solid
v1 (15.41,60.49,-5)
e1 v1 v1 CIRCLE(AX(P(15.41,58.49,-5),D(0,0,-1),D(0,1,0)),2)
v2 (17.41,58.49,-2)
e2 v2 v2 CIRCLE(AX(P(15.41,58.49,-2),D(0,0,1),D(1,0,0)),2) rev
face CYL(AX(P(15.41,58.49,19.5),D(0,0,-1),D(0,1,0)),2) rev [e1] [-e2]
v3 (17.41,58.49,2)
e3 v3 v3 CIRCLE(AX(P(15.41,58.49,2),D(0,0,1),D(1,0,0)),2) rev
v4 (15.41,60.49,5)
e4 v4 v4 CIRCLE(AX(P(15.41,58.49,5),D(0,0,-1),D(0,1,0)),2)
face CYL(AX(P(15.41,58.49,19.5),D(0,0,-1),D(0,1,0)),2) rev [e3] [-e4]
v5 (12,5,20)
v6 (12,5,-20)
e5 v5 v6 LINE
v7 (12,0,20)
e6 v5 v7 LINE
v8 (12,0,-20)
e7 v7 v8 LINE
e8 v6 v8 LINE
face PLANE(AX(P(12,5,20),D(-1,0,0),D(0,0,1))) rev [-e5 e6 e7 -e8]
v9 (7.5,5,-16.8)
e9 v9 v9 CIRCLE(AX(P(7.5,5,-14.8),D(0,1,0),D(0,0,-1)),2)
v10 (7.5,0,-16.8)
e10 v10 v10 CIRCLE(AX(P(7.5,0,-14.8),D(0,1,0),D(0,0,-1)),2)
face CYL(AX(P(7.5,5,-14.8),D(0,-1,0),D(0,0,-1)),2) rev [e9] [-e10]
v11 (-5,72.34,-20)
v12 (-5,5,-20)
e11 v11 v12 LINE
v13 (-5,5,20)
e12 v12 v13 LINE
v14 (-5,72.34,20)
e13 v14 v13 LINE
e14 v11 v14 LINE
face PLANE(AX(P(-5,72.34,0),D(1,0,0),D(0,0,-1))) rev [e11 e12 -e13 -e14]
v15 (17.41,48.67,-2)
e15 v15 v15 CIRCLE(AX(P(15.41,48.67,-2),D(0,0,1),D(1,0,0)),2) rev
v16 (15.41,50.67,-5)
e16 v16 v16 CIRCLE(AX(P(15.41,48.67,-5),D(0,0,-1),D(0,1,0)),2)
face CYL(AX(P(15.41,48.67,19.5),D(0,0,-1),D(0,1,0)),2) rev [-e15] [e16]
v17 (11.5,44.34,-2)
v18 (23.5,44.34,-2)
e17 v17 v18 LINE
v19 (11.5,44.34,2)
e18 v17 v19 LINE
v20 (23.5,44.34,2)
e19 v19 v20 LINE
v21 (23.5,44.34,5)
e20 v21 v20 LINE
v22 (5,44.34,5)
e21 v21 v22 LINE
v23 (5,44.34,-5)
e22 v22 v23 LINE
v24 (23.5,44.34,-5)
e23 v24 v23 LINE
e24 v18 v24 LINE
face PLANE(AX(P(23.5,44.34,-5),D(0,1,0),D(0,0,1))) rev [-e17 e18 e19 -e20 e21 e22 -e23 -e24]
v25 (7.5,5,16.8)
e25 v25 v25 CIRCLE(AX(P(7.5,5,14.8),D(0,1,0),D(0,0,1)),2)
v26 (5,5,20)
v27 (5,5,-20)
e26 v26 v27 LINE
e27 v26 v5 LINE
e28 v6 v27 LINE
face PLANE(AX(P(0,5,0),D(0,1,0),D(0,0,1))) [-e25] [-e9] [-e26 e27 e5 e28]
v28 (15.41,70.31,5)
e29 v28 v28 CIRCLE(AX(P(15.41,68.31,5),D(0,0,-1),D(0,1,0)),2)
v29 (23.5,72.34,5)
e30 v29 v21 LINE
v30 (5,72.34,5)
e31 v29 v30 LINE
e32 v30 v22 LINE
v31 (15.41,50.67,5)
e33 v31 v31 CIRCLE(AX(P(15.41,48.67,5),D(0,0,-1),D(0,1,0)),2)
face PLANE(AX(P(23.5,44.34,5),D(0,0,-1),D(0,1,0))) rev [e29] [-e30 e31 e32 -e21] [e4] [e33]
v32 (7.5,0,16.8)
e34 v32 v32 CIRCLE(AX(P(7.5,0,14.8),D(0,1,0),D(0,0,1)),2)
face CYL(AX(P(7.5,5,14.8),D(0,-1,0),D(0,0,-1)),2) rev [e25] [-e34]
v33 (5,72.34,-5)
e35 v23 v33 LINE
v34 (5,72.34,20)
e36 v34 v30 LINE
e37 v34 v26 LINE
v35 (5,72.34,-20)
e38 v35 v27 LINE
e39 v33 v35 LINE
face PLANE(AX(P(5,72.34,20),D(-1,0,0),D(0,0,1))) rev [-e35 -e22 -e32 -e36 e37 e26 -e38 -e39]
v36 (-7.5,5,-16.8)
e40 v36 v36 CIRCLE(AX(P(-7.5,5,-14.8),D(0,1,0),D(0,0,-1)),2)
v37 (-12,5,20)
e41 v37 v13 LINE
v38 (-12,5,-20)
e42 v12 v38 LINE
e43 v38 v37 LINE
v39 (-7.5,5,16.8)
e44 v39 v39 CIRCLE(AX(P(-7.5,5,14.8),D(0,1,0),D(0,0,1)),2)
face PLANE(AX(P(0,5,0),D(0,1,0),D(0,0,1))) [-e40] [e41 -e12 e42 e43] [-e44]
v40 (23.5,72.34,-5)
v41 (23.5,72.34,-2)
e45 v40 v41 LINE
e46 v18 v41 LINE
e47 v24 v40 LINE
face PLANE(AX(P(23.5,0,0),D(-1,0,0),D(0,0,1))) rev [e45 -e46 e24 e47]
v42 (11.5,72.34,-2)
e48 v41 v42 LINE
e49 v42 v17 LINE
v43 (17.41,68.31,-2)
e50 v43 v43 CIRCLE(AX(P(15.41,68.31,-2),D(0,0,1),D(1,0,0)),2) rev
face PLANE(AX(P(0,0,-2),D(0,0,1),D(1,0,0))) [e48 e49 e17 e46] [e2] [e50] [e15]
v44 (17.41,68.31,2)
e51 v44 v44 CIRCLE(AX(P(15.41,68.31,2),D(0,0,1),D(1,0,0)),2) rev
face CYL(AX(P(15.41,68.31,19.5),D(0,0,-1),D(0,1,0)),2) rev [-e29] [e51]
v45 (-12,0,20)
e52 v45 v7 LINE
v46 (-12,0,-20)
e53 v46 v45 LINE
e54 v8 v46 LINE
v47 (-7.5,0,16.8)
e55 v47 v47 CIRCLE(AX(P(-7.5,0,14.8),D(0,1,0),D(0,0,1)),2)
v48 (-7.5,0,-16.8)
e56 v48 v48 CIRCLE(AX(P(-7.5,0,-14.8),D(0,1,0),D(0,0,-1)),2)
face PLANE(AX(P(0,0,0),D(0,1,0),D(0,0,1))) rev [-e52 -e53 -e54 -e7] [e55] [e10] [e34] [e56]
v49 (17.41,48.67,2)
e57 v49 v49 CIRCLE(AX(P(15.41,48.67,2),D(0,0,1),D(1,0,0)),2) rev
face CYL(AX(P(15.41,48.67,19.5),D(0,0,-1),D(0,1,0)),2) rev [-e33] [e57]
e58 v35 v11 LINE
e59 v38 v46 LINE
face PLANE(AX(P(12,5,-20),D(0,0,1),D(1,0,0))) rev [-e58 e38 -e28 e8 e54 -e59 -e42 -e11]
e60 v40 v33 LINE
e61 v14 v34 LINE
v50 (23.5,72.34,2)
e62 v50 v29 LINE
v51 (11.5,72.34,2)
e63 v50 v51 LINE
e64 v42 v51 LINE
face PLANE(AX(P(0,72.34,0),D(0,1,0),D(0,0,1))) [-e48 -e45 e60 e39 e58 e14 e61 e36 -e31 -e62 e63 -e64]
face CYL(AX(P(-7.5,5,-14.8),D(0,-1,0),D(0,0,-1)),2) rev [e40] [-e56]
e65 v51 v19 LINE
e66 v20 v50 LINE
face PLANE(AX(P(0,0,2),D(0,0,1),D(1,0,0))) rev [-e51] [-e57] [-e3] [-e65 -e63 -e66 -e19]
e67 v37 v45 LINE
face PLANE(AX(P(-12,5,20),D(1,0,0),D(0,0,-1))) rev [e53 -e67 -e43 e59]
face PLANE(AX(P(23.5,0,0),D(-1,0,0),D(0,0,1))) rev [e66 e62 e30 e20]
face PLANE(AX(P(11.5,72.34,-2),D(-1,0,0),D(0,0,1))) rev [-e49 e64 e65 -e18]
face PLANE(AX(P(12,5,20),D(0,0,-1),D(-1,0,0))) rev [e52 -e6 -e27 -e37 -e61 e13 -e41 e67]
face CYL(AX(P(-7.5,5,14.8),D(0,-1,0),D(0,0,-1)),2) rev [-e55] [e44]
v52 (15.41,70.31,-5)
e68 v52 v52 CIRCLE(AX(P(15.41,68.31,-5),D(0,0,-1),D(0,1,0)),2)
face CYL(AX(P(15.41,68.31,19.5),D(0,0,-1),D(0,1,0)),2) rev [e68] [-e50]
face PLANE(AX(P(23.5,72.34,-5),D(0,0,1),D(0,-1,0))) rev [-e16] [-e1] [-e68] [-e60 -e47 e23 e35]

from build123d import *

# Parameters (mm, degrees)
SKETCH_1_W          = 24
SKETCH_1_H          = 40
SKETCH_1_R          = 2
EXTRUDE_1_DEPTH     = 5
EXTRUDE_5_DEPTH     = 67.34
SKETCH_10_W         = 10
SKETCH_10_H         = 28
EXTRUDE_6_DEPTH     = 18.5
SKETCH_12_R         = 2
CUT_EXTRUDE_4_DEPTH = 24.5
SKETCH_13_W         = 12
SKETCH_13_H         = 28
CUT_EXTRUDE_5_DEPTH = 2


with BuildPart() as part:
    # 草图1 → 凸台-拉伸1 (new body)
    with BuildSketch(Plane(origin=(0, 0, 0), x_dir=(1, 0, 0), z_dir=(0, 1, 0))):
        Rectangle(SKETCH_1_W, SKETCH_1_H)
        with Locations((7.5, -14.8)):
            Circle(SKETCH_1_R, mode=Mode.SUBTRACT)
        with Locations((-7.5, -14.8)):
            Circle(SKETCH_1_R, mode=Mode.SUBTRACT)
        with Locations((-7.5, 14.8)):
            Circle(SKETCH_1_R, mode=Mode.SUBTRACT)
        with Locations((7.5, 14.8)):
            Circle(SKETCH_1_R, mode=Mode.SUBTRACT)
    extrude(amount=EXTRUDE_1_DEPTH)

    # 草图8 → 凸台-拉伸5 (add)
    with BuildSketch(Plane(origin=(0, 5, 0), x_dir=(1, 0, 0), z_dir=(0, 1, 0))):
        Polygon((-5, 0), (-5, -20), (5, -20), (5, 20), (-5, 20), align=None)
    extrude(amount=EXTRUDE_5_DEPTH)

    # 草图10 → 凸台-拉伸6 (add)
    with BuildSketch(Plane(origin=(5, 0, 0), x_dir=(0, 0, -1), z_dir=(1, 0, 0))):
        with Locations((0, 58.34)):
            Rectangle(SKETCH_10_W, SKETCH_10_H)
    extrude(amount=EXTRUDE_6_DEPTH)

    # 草图12 → 切除-拉伸4 (cut)
    with BuildSketch(Plane(origin=(0, 0, -5), x_dir=(-1, 0, 0), z_dir=(0, 0, -1))):
        with Locations((-15.41, 68.31)):
            Circle(SKETCH_12_R)
        with Locations((-15.41, 58.49)):
            Circle(SKETCH_12_R)
        with Locations((-15.41, 48.67)):
            Circle(SKETCH_12_R)
    extrude(amount=-CUT_EXTRUDE_4_DEPTH, mode=Mode.SUBTRACT)

    # 草图13 → 切除-拉伸5 (cut, symmetric)
    with BuildSketch(Plane.XY):
        with Locations((17.5, 58.34)):
            Rectangle(SKETCH_13_W, SKETCH_13_H)
    extrude(amount=CUT_EXTRUDE_5_DEPTH, both=True, mode=Mode.SUBTRACT)


solid = part.part
